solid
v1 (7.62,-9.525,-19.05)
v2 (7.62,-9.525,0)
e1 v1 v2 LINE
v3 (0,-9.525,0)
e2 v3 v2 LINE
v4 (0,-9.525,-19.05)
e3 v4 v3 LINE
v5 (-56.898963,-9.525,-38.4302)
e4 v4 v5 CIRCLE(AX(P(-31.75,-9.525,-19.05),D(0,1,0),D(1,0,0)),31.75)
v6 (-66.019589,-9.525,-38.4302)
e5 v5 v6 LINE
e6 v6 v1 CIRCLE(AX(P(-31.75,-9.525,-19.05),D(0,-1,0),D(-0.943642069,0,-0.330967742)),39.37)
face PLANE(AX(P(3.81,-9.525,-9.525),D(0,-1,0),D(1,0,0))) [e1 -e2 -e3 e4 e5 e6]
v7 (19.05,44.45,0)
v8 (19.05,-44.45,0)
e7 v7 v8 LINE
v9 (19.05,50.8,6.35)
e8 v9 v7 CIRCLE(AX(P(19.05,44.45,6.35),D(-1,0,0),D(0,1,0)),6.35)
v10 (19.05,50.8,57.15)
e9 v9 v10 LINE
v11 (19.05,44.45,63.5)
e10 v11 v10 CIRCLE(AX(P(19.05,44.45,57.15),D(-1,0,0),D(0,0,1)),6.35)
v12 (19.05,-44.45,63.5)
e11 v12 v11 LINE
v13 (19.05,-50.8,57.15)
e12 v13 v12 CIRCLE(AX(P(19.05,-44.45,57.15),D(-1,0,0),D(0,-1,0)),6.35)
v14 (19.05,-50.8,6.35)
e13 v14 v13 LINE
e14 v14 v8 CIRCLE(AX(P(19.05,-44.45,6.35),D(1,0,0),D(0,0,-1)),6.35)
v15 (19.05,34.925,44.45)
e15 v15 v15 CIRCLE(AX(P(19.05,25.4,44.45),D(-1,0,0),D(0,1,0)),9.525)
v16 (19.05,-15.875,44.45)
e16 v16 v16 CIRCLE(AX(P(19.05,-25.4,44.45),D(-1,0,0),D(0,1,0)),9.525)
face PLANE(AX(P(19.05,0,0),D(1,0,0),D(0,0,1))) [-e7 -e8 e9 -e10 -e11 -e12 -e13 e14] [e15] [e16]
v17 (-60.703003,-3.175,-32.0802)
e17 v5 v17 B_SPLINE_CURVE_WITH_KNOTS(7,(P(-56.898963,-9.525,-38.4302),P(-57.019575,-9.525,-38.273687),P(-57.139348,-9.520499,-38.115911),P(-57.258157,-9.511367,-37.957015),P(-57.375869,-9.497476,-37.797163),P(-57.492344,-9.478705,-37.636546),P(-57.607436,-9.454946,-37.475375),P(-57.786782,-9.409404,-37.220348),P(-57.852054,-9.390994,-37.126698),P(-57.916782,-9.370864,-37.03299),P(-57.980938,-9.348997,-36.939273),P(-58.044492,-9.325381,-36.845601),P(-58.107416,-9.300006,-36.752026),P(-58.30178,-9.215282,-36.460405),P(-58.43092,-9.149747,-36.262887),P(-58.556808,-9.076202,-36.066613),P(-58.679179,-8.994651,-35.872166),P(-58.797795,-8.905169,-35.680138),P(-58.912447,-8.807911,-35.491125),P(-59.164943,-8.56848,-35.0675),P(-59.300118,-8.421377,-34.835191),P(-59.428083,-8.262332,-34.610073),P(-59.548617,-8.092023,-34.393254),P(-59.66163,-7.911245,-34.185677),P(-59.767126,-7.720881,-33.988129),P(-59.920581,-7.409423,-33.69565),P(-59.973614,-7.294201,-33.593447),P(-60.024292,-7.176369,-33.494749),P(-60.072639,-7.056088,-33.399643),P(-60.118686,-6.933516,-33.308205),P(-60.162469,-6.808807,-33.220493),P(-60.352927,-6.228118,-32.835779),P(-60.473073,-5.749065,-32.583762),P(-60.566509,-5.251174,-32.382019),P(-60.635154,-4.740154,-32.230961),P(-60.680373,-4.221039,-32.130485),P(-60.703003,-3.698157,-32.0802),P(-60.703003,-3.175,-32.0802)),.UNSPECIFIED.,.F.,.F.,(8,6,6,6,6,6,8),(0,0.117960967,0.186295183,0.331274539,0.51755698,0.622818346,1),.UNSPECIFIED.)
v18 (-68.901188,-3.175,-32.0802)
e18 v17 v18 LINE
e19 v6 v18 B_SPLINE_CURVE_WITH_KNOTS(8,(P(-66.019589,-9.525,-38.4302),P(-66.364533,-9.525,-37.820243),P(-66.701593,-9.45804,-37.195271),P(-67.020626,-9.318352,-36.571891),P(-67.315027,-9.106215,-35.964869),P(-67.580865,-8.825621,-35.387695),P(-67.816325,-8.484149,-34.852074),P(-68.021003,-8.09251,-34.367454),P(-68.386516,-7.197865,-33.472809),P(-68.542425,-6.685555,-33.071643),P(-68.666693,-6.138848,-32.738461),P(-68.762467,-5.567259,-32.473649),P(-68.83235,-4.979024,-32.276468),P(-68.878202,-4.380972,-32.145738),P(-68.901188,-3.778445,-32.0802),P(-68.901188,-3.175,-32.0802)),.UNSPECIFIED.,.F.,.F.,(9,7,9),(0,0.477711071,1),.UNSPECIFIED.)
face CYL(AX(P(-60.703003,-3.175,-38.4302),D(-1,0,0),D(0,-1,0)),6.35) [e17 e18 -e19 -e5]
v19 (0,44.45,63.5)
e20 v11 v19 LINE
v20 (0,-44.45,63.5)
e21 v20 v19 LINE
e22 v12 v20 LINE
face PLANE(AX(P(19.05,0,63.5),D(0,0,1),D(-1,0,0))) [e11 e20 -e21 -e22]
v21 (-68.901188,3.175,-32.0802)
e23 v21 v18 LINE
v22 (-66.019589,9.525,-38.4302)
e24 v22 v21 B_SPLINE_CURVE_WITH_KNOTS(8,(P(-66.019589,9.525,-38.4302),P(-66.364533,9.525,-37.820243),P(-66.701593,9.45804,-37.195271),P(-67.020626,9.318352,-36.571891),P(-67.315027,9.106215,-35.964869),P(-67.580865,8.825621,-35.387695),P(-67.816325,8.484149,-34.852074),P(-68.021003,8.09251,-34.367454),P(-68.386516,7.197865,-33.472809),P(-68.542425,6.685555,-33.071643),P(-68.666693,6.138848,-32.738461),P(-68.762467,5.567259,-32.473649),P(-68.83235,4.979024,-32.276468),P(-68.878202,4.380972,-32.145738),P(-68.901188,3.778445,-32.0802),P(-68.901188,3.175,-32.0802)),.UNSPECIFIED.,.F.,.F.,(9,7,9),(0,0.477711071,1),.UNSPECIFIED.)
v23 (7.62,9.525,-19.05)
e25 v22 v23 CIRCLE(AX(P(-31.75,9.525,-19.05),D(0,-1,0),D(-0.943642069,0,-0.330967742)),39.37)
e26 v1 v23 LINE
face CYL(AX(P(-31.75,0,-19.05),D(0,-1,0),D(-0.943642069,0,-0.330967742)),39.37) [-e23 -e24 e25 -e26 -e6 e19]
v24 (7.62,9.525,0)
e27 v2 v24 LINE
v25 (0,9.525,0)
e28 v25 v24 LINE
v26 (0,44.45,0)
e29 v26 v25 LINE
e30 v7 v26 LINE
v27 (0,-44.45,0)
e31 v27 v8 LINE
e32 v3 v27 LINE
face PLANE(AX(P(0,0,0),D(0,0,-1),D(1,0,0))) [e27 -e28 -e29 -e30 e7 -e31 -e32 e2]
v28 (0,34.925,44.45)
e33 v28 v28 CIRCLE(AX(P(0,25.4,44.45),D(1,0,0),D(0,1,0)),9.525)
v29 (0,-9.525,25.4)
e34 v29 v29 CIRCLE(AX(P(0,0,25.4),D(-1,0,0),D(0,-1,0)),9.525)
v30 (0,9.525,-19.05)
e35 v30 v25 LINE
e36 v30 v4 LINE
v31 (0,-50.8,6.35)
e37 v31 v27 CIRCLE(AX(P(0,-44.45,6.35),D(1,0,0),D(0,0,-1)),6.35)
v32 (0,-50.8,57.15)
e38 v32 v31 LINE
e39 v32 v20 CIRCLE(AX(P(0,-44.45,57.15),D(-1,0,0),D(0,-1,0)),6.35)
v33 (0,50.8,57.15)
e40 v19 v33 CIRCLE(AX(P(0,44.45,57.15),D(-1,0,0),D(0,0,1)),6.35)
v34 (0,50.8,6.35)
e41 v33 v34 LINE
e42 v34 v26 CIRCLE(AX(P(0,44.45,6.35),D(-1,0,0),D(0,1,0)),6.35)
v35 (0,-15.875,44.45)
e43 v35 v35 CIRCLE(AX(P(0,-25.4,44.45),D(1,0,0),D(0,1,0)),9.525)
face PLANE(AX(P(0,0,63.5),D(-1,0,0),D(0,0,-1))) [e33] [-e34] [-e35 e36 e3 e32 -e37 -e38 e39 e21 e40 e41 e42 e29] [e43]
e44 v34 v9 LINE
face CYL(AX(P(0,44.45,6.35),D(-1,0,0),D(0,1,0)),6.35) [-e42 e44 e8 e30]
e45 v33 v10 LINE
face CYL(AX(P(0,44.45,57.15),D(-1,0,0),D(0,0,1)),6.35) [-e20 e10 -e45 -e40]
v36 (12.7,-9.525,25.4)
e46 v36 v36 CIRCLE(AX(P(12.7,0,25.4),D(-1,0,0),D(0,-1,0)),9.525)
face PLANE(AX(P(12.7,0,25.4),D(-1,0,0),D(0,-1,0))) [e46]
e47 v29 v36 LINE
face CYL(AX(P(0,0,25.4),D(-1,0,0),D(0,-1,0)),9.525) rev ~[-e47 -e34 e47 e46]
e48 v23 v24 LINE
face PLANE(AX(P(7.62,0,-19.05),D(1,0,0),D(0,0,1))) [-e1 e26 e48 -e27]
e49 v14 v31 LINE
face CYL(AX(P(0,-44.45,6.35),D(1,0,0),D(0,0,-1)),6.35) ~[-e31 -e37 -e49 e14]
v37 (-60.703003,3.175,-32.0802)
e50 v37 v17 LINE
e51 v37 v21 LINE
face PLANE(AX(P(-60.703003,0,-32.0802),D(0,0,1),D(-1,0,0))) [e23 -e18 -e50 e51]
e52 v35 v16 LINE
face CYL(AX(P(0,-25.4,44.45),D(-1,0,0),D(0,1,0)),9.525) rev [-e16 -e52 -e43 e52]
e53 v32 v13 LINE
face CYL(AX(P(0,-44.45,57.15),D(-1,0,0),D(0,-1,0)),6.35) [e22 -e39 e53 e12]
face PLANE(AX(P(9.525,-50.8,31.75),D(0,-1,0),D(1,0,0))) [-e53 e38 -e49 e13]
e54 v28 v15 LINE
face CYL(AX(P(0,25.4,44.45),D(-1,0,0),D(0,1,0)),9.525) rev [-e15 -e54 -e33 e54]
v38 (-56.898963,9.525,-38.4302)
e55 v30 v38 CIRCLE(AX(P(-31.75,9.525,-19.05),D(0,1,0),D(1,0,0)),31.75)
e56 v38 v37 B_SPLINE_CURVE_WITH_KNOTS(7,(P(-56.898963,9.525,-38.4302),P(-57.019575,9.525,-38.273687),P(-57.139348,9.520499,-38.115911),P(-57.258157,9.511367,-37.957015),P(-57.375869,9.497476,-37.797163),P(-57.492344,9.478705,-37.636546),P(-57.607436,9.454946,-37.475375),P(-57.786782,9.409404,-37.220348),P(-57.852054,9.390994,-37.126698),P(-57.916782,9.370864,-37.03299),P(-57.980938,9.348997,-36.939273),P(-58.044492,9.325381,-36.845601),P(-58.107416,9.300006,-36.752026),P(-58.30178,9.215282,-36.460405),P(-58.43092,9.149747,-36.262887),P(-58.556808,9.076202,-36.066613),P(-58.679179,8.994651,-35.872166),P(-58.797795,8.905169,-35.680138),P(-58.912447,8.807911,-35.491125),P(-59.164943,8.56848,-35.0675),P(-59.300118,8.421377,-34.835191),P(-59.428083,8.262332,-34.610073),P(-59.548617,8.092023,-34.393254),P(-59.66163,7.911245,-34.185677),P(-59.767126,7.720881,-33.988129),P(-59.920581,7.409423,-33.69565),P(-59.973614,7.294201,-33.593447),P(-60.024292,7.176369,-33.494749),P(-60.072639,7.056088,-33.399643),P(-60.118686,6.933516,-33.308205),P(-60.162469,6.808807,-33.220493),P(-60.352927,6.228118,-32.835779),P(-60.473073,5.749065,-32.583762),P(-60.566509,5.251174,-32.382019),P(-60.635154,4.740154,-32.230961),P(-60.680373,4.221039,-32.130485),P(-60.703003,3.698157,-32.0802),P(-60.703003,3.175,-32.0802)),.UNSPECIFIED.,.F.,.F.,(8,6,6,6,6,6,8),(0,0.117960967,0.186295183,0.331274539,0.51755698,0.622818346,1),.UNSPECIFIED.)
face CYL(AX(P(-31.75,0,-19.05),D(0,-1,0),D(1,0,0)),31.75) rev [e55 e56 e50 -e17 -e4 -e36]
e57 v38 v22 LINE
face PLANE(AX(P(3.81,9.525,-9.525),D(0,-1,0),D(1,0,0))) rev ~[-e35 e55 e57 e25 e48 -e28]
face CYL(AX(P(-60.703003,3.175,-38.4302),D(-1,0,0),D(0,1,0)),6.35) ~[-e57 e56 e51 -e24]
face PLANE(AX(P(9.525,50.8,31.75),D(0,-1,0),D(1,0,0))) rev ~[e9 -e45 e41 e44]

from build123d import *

# Parameters (mm, degrees)
F0_W     = 7.62
F0_H     = 19.05
F1_DEPTH = 9.525
F2_DEPTH = 50.8
F3_R     = 9.525
F4_DEPTH = 19.051
F5_R     = 9.525
F6_DEPTH = 12.7
F8_DEPTH = 2540
F9_R     = 6.35


with BuildPart() as f1:
    # F0 (on Front) → F1 (new body, symmetric)
    with BuildSketch(Plane.XZ):
        with Locations((3.81, -9.525)):
            Rectangle(F0_W, F0_H)
        with BuildLine():
            Line((7.62, -19.05), (0, -19.05))
            ThreePointArc((0, -19.05), (-25.0864929701, -50.0928763819), (-60.7030030905, -32.0802))
            Line((-60.7030030905, -32.0802), (-68.9011882443, -32.0802))
            ThreePointArc((-68.9011882443, -32.0802), (-25.1411188986, -57.8613332751), (7.62, -19.05))
        make_face()
    extrude(amount=F1_DEPTH, both=True)

    # F0 (on Front) → F2 (join, symmetric)
    with BuildSketch(Plane.XZ):
        Polygon((0, 63.5), (0, 0), (7.62, 0), (19.05, 0), (19.05, 63.5), align=None)
    extrude(amount=F2_DEPTH, both=True)

    # F3 (on Right) → F4 (cut, through all)
    with BuildSketch(Plane.YZ):
        with Locations((25.4, 44.45)):
            Circle(F3_R)
        with Locations((-25.4, 44.45)):
            Circle(F3_R)
    extrude(amount=F4_DEPTH, mode=Mode.SUBTRACT)

    # F5 (on face) → F6 (cut)
    with BuildSketch(Plane(origin=(0, 0, 0), x_dir=(0, -1, 0), z_dir=(-1, 0, 0))):
        with Locations((0, 25.4)):
            Circle(F5_R)
    extrude(amount=-F6_DEPTH, mode=Mode.SUBTRACT)

    # F7 (on Right) → F8 (cut, symmetric)
    with BuildSketch(Plane.YZ):
        with BuildLine():
            ThreePointArc((44.45, 63.5), (48.9401280605, 61.6401280605), (50.8, 57.15))
            Line((50.8, 57.15), (50.8, 63.5))
            Line((50.8, 63.5), (44.45, 63.5))
        make_face()
        with BuildLine():
            Line((-50.8, 63.5), (-50.8, 57.15))
            ThreePointArc((-50.8, 57.15), (-48.9401280605, 61.6401280605), (-44.45, 63.5))
            Line((-44.45, 63.5), (-50.8, 63.5))
        make_face()
        with BuildLine():
            Line((50.8, 0), (50.8, 6.35))
            ThreePointArc((50.8, 6.35), (48.9401280605, 1.8598719395), (44.45, 0))
            Line((44.45, 0), (50.8, 0))
        make_face()
        with BuildLine():
            Line((-50.8, 0), (-44.45, 0))
            ThreePointArc((-44.45, 0), (-48.9401280605, 1.8598719395), (-50.8, 6.35))
            Line((-50.8, 6.35), (-50.8, 0))
        make_face()
    extrude(amount=F8_DEPTH, both=True, mode=Mode.SUBTRACT)

    # F9
    f9_edges = [f1.edges().sort_by_distance(p)[0] for p in [
        (-64.802096, 9.525, -32.0802),
        (-64.802096, -9.525, -32.0802),
    ]]
    fillet(f9_edges, radius=F9_R)


solid = f1.part
